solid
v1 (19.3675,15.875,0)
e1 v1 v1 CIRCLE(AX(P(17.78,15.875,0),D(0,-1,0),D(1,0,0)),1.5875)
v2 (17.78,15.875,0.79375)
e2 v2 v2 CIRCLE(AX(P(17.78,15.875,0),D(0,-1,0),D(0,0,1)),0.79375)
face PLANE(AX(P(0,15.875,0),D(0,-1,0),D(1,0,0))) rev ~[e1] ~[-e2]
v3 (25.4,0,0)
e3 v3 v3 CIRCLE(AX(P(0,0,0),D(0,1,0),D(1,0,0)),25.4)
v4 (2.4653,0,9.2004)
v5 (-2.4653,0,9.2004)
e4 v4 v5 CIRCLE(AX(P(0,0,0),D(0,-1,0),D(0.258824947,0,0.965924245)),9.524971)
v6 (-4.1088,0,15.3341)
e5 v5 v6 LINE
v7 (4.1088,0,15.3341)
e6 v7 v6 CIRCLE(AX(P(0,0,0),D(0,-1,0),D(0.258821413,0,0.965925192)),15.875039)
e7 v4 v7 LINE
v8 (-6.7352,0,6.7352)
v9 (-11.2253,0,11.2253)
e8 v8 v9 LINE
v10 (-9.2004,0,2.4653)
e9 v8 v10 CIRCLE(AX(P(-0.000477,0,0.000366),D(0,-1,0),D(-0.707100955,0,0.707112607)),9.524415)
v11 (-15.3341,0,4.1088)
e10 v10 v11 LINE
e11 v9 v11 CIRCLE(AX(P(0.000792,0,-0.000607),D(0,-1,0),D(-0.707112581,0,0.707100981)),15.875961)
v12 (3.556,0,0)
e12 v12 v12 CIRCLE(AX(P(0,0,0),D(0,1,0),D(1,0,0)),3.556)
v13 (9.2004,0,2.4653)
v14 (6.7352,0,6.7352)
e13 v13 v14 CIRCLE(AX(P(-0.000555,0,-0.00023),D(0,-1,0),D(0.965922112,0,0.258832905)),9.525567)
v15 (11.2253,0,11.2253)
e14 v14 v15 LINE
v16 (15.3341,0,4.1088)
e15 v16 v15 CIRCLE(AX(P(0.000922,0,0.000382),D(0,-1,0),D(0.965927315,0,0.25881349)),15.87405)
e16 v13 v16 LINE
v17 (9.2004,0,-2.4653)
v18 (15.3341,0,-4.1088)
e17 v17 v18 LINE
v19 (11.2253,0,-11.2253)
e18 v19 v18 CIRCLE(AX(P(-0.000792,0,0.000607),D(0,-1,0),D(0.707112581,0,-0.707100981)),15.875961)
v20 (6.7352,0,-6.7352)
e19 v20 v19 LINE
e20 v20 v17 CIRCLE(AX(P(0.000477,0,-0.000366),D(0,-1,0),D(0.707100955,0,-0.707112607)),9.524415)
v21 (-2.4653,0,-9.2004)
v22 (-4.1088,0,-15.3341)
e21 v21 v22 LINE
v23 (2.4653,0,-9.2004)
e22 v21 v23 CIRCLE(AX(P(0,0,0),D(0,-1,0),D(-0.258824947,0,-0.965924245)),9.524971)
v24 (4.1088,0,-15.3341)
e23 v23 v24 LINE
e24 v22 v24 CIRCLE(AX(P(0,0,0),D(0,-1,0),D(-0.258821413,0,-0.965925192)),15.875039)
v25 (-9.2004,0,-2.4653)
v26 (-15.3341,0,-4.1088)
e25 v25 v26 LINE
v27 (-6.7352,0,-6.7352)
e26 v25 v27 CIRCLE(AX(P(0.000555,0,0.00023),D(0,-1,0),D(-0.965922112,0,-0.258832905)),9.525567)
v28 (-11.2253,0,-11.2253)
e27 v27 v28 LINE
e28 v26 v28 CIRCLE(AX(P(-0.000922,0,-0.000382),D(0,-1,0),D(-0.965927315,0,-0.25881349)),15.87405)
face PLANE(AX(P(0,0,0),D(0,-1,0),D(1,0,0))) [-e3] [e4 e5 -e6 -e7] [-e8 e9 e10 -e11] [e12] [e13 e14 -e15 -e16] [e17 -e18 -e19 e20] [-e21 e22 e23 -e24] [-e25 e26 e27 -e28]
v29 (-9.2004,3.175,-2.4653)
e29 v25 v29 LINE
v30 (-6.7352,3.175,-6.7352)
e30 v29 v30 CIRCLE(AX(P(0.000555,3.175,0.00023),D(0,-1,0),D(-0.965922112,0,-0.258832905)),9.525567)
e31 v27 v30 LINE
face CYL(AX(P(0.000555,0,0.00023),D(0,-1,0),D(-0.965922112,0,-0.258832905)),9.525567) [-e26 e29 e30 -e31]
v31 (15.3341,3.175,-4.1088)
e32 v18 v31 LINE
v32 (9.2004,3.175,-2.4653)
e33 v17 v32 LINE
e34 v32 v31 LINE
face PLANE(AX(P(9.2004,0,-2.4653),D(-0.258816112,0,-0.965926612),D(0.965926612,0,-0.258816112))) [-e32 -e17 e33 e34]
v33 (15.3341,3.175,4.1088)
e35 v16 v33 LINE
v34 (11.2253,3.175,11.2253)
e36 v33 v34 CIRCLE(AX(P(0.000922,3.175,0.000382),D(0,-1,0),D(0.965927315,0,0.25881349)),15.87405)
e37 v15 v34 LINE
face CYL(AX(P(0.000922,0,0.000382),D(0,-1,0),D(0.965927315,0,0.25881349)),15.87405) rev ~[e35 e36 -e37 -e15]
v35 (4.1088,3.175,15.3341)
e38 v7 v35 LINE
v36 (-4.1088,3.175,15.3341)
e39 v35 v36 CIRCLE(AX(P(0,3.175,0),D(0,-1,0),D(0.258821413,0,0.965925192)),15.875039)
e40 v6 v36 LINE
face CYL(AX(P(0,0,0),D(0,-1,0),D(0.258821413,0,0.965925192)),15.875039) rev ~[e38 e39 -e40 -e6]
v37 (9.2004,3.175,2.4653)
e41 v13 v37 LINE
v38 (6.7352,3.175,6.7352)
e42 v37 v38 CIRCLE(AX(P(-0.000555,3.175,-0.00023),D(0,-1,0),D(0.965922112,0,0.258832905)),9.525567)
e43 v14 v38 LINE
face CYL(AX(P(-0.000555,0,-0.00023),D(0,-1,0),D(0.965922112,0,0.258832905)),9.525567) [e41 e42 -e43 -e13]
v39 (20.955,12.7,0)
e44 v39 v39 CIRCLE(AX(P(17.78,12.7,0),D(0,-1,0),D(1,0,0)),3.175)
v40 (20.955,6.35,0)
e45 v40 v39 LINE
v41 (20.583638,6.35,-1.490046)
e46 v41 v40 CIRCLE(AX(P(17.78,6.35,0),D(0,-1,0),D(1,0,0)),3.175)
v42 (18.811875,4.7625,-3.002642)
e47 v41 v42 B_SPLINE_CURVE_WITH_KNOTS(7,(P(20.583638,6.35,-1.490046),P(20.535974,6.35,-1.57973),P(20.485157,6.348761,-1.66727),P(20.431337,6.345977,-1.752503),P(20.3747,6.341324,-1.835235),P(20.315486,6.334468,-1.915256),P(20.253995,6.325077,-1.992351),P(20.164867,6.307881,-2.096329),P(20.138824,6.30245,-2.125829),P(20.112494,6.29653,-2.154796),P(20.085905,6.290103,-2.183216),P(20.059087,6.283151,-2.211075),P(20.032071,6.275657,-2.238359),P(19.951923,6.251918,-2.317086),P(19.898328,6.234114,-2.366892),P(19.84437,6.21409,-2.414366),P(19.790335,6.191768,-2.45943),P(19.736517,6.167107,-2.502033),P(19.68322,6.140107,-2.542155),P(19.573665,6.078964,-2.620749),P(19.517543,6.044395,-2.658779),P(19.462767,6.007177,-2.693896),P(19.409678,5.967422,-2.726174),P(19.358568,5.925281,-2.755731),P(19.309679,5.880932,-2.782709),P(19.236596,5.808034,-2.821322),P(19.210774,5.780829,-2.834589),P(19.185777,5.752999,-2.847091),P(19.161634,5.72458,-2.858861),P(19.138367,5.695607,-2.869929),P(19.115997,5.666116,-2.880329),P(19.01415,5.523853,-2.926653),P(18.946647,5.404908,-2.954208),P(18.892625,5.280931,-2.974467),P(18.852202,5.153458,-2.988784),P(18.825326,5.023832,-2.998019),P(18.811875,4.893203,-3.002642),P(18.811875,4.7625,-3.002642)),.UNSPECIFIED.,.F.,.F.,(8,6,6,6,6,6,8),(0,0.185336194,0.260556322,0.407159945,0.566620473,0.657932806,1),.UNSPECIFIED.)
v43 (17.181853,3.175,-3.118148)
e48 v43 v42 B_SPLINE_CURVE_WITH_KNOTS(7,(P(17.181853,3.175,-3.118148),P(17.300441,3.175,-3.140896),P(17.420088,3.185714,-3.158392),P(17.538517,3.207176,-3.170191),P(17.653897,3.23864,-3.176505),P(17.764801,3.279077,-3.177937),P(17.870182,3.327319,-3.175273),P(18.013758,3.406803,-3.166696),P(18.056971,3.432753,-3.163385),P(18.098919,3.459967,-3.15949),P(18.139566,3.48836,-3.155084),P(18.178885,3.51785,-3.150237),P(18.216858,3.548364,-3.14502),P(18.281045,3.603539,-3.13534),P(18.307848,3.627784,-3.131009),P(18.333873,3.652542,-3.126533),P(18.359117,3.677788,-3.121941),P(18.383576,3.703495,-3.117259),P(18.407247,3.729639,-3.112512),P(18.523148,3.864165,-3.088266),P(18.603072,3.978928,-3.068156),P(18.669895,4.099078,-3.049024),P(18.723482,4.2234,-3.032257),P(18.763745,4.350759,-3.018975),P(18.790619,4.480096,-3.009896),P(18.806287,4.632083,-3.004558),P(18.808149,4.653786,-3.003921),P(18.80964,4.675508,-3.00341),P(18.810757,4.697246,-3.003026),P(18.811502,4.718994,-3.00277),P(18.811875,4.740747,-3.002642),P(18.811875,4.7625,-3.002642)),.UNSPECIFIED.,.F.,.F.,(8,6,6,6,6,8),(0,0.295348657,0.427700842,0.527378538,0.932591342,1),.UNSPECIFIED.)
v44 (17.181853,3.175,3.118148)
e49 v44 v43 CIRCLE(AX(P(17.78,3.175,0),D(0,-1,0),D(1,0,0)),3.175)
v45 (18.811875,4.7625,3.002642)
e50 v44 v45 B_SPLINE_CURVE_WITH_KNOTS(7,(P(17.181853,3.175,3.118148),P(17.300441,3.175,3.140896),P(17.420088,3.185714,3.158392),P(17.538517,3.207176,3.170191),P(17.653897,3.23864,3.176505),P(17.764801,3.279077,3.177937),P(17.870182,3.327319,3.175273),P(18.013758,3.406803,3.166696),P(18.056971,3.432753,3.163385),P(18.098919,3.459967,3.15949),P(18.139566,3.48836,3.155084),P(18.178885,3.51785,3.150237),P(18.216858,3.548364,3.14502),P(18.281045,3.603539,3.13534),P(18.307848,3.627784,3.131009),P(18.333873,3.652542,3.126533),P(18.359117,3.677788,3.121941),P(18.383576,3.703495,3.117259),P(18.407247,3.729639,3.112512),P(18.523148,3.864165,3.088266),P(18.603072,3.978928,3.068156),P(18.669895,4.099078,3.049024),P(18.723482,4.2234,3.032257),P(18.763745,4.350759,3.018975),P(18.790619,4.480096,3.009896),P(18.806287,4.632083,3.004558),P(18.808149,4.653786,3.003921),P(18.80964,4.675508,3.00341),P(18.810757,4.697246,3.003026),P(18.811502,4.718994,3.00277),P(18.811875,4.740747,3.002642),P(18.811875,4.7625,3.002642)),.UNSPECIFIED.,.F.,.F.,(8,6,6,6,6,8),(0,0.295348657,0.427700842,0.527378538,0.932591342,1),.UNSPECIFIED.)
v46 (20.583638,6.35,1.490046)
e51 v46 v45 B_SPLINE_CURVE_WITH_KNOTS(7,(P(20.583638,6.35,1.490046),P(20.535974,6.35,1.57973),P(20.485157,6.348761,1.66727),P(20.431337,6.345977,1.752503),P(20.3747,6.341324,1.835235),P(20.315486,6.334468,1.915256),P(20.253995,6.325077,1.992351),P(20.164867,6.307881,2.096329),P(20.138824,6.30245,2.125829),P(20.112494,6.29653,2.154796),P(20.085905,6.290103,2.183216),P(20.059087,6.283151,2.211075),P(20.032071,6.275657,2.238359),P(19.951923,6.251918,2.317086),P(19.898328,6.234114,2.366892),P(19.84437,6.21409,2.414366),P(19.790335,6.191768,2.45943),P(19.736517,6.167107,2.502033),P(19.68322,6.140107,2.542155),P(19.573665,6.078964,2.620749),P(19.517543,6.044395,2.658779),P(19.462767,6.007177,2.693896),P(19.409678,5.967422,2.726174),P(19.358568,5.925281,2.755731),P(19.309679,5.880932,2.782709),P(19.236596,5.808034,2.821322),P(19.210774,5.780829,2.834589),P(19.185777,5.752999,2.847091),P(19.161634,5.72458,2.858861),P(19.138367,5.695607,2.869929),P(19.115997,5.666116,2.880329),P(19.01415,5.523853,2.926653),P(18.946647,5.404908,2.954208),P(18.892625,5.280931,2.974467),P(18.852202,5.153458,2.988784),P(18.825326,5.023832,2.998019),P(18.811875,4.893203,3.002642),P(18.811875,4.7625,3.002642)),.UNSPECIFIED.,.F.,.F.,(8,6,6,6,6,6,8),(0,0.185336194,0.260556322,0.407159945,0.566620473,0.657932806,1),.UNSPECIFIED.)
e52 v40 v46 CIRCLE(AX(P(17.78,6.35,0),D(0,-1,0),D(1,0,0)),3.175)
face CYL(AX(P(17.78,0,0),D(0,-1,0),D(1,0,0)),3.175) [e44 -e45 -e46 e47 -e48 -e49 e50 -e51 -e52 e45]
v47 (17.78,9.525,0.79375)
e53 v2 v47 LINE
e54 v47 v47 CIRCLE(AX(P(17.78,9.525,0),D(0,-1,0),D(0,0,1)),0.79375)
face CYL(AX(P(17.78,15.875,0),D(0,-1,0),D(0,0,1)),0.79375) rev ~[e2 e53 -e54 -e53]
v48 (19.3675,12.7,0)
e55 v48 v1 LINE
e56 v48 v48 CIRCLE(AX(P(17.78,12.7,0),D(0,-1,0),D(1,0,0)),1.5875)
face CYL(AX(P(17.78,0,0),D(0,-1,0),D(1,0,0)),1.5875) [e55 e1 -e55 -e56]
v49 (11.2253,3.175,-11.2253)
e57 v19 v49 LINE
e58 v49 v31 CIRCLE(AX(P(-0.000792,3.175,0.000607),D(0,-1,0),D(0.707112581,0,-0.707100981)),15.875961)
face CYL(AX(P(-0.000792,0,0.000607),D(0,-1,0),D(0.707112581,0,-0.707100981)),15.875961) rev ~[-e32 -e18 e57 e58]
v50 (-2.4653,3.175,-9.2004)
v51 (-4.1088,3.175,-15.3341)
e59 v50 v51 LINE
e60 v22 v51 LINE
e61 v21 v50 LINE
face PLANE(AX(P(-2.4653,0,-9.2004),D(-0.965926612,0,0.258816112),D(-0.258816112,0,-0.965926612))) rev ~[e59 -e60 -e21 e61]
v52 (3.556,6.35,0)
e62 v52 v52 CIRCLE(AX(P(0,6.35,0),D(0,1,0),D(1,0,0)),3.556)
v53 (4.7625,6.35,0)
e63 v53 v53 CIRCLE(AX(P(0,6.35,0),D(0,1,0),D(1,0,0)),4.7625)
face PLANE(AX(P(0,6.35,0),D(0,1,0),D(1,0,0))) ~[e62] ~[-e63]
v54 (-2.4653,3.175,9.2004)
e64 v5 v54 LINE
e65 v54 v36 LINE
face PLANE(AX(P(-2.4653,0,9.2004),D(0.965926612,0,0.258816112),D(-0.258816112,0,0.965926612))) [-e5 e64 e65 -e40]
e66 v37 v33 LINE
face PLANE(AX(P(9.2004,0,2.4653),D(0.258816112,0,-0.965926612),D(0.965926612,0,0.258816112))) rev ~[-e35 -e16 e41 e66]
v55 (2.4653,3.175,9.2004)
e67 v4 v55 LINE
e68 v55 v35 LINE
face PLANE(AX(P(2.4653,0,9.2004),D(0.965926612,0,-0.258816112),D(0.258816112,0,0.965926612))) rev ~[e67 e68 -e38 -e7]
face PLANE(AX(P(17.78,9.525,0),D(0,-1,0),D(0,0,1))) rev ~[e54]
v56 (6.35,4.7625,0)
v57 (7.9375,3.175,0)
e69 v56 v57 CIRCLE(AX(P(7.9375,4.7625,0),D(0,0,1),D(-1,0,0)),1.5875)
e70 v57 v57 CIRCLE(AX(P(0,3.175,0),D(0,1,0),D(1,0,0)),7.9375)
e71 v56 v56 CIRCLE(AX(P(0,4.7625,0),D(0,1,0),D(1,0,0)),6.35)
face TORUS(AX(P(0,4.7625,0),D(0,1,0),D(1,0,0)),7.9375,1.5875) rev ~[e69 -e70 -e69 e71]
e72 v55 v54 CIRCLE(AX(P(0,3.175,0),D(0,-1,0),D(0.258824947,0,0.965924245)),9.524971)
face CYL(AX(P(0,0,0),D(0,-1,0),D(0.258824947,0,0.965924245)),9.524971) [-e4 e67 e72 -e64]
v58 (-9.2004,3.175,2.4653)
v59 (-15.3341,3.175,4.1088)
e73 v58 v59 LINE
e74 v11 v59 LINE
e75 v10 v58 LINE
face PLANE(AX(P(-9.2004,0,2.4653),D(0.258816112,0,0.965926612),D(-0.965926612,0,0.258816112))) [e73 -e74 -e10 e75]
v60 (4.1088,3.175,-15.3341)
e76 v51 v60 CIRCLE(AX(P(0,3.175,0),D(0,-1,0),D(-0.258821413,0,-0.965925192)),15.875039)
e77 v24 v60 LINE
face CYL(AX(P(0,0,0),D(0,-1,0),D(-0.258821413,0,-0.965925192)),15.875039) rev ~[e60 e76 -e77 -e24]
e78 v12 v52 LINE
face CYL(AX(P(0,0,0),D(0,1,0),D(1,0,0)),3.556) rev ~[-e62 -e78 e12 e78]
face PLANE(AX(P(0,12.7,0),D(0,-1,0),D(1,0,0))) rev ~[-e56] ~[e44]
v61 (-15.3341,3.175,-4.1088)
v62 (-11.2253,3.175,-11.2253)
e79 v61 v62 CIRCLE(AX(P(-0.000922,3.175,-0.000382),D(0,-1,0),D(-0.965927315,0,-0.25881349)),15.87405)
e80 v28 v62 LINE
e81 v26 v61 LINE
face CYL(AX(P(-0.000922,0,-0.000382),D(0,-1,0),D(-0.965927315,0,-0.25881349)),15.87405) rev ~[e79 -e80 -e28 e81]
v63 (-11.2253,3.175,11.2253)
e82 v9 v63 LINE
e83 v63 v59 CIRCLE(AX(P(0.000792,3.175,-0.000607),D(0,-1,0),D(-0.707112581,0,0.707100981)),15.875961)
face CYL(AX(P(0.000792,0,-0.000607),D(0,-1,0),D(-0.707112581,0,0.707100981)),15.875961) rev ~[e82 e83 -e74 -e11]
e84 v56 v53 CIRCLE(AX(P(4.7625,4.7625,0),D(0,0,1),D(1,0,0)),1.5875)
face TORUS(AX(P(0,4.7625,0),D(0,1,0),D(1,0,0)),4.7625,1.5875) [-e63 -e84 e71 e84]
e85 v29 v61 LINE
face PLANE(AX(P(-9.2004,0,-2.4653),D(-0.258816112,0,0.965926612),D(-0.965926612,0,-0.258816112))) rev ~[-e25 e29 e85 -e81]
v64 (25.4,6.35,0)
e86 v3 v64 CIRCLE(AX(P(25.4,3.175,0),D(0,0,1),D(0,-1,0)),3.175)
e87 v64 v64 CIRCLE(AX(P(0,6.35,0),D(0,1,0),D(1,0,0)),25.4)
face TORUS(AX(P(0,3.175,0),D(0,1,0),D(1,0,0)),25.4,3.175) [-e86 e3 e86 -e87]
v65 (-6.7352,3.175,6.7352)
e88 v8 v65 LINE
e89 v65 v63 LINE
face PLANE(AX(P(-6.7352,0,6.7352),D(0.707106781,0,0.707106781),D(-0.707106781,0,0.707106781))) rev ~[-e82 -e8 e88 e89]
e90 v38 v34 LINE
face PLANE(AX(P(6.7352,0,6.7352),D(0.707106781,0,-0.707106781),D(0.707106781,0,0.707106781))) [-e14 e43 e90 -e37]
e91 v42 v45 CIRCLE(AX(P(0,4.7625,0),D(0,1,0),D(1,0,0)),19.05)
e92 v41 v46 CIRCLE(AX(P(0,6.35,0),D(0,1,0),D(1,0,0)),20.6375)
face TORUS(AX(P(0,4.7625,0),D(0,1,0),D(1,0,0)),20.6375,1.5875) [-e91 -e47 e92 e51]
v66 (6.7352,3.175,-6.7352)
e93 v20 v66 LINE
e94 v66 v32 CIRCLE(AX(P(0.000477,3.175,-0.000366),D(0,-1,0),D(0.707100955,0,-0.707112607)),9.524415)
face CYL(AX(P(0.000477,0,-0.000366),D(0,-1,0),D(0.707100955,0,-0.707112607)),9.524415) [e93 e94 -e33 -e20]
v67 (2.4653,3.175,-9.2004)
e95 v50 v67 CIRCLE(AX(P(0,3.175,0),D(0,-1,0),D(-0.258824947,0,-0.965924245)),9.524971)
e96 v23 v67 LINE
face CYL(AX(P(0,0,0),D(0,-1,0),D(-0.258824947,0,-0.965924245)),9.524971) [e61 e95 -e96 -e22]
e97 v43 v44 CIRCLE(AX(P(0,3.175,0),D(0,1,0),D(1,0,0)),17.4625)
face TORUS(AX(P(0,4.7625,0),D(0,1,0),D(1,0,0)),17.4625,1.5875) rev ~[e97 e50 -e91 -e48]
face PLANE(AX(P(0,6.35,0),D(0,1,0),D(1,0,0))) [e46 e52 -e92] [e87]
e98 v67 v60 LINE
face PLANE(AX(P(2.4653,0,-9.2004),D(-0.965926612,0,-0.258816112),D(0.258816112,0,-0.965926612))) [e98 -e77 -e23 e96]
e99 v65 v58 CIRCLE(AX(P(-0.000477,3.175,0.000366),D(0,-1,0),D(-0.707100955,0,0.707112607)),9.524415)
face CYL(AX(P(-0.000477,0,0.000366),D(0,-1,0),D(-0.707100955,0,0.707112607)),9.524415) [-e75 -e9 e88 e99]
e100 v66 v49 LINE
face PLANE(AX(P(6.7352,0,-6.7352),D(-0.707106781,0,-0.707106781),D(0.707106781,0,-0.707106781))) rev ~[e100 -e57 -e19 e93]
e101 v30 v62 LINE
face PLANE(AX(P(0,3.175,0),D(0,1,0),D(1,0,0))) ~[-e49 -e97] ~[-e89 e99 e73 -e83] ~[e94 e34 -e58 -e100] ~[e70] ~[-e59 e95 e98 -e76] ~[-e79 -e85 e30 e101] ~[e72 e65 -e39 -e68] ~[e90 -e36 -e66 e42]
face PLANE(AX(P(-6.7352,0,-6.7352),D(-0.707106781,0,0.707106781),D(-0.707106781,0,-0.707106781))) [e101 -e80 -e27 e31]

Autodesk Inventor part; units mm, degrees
ref_plane "YZ Plane" through (0, 0, 0) normal (1, 0, 0) x (0, 1, 0)
ref_plane "XZ Plane" through (0, 0, 0) normal (0, 1, 0) x (-1, 0, 0)
ref_plane "XY Plane" through (0, 0, 0) normal (0, 0, 1) x (1, 0, 0)
sketch "Wheel sketch" plane through (0, 0, 0) normal (0, 0, 1) x (1, 0, 0)
  line L0 (0, 0) -> (0, 6.4629) construction
  line L1 (3.556, 0) -> (3.556, 6.35)
  line L2 (25.4, 6.35) -> (25.4, 0) construction
  line L3 (25.4, 0) -> (3.556, 0)
  arc A0 (25.4, 0) -> (25.4, 6.35) centre (25.4, 3.175) ccw
  line L4 (0, 0) -> (43.9358, 0) construction
  line L5 (3.556, 6.35) -> (4.7625, 6.35)
  line L6 (6.35, 4.7625) -> (6.35, 4.7625)
  line L7 (7.9375, 3.175) -> (17.4625, 3.175)
  line L8 (25.4, 6.35) -> (20.6375, 6.35)
  line L9 (19.05, 4.7625) -> (19.05, 4.7625)
  arc A1 (6.35, 4.7625) -> (4.7625, 6.35) centre (4.7625, 4.7625) ccw
  arc A2 (6.35, 4.7625) -> (7.9375, 3.175) centre (7.9375, 4.7625) ccw
  arc A3 (17.4625, 3.175) -> (19.05, 4.7625) centre (17.4625, 4.7625) ccw
  arc A4 (20.6375, 6.35) -> (19.05, 4.7625) centre (20.6375, 4.7625) ccw
  point P0 (6.35, 6.35)
  point P1 (6.35, 3.175)
  point P2 (19.05, 3.175)
  point P3 (19.05, 6.35)
  dimension "d3" = 3.175
  dimension "d4" = 25.4
  dimension "d5" = 3.556
  dimension "d6" = 6.35
  dimension "d7" = 6.35
  dimension "d8" = 3.175
  dimension "d9" = 19.05
  dimension "d11" = 1.5875
revolve "Wheel revolution" add sketch "Wheel sketch" angle 360 about axis through (0, 0, 0) along (0, 1, 0)
sketch "spoke and peg sketch" plane through (0, 0, 0) normal (0, -1, 0) x (1, 0, 0)
  circle A0 centre (0, 0) radius 3.556 projected
  circle A1 centre (0, 0) radius 25.4 projected
  line L0 (0, 0) -> (17.78, 0) construction
  arc A2 (9.2004, 2.4653) -> (6.7352, 6.7352) centre (0, 0) ccw
  circle A3 centre (0, 0) radius 4.7625 construction
  arc A4 (15.3341, 4.1088) -> (11.2253, 11.2253) centre (0, 0) ccw
  line L1 (6.7352, 6.7352) -> (11.2253, 11.2253)
  line L2 (9.2004, 2.4653) -> (15.3341, 4.1088)
  line L3 (6.7352, 6.7352) -> (0, 0) construction
  line L4 (0, 0) -> (9.2004, 2.4653) construction
  line L5 (2.4653, 9.2004) -> (4.1088, 15.3341)
  arc A5 (4.1088, 15.3341) -> (-4.1088, 15.3341) centre (0, 0) ccw
  line L6 (-2.4653, 9.2004) -> (-4.1088, 15.3341)
  arc A6 (2.4653, 9.2004) -> (-2.4653, 9.2004) centre (0, 0) ccw
  line L7 (-6.7352, 6.7352) -> (-11.2253, 11.2253)
  arc A7 (-11.2253, 11.2253) -> (-15.3341, 4.1088) centre (0, 0) ccw
  line L8 (-9.2004, 2.4653) -> (-15.3341, 4.1088)
  arc A8 (-6.7352, 6.7352) -> (-9.2004, 2.4653) centre (0, 0) ccw
  line L9 (-9.2004, -2.4653) -> (-15.3341, -4.1088)
  arc A9 (-15.3341, -4.1088) -> (-11.2253, -11.2253) centre (0, 0) ccw
  line L10 (-6.7352, -6.7352) -> (-11.2253, -11.2253)
  arc A10 (-9.2004, -2.4653) -> (-6.7352, -6.7352) centre (0, 0) ccw
  line L11 (-2.4653, -9.2004) -> (-4.1088, -15.3341)
  arc A11 (-4.1088, -15.3341) -> (4.1088, -15.3341) centre (0, 0) ccw
  line L12 (2.4653, -9.2004) -> (4.1088, -15.3341)
  arc A12 (-2.4653, -9.2004) -> (2.4653, -9.2004) centre (0, 0) ccw
  line L13 (6.7352, -6.7352) -> (11.2253, -11.2253)
  arc A13 (11.2253, -11.2253) -> (15.3341, -4.1088) centre (0, 0) ccw
  line L14 (9.2004, -2.4653) -> (15.3341, -4.1088)
  arc A14 (6.7352, -6.7352) -> (9.2004, -2.4653) centre (0, 0) ccw
  circle A15 centre (17.78, 0) radius 3.175
  circle A16 centre (17.78, 0) radius 1.5875
  dimension "d14" = 19.05
  dimension "d15" = 31.75
  dimension "d16" = 15
  dimension "d17" = 30
  dimension "d18" = 30
  dimension "d21" = 360
  dimension "d25" = 17.78
  dimension "d26" = 6.35
  dimension "d27" = 3.175
extrude "Wheel spoke Extrusion" cut sketch "spoke and peg sketch" against normal blind 6.35 contours A2 L1 A4 L2 | A6 L6 A5 L5 | A8 L8 A7 L7 | A10 L10 A9 L9 | A12 L12 A11 L11 | A14 L14 A13 L13
extrude "Thick peg extrution" add sketch "spoke and peg sketch" against normal blind 12.7 contours A15
extrude "thin peg extrution" add sketch "spoke and peg sketch" against normal blind 15.875 contours A16
sketch "Peg hole point sketch" plane through (17.78, 15.875, 0) normal (0, 1, 0) x (1, 0, 0)
  circle A0 centre (0, 0) radius 1.5875 projected
  point P0 (-17.78, 0)
hole "Peg hole" at (17.78, 15.875, 0) direction (0, -1, 0) diameter 1.5875 depth 6.35
properties part number "Caufield_Wheel"
